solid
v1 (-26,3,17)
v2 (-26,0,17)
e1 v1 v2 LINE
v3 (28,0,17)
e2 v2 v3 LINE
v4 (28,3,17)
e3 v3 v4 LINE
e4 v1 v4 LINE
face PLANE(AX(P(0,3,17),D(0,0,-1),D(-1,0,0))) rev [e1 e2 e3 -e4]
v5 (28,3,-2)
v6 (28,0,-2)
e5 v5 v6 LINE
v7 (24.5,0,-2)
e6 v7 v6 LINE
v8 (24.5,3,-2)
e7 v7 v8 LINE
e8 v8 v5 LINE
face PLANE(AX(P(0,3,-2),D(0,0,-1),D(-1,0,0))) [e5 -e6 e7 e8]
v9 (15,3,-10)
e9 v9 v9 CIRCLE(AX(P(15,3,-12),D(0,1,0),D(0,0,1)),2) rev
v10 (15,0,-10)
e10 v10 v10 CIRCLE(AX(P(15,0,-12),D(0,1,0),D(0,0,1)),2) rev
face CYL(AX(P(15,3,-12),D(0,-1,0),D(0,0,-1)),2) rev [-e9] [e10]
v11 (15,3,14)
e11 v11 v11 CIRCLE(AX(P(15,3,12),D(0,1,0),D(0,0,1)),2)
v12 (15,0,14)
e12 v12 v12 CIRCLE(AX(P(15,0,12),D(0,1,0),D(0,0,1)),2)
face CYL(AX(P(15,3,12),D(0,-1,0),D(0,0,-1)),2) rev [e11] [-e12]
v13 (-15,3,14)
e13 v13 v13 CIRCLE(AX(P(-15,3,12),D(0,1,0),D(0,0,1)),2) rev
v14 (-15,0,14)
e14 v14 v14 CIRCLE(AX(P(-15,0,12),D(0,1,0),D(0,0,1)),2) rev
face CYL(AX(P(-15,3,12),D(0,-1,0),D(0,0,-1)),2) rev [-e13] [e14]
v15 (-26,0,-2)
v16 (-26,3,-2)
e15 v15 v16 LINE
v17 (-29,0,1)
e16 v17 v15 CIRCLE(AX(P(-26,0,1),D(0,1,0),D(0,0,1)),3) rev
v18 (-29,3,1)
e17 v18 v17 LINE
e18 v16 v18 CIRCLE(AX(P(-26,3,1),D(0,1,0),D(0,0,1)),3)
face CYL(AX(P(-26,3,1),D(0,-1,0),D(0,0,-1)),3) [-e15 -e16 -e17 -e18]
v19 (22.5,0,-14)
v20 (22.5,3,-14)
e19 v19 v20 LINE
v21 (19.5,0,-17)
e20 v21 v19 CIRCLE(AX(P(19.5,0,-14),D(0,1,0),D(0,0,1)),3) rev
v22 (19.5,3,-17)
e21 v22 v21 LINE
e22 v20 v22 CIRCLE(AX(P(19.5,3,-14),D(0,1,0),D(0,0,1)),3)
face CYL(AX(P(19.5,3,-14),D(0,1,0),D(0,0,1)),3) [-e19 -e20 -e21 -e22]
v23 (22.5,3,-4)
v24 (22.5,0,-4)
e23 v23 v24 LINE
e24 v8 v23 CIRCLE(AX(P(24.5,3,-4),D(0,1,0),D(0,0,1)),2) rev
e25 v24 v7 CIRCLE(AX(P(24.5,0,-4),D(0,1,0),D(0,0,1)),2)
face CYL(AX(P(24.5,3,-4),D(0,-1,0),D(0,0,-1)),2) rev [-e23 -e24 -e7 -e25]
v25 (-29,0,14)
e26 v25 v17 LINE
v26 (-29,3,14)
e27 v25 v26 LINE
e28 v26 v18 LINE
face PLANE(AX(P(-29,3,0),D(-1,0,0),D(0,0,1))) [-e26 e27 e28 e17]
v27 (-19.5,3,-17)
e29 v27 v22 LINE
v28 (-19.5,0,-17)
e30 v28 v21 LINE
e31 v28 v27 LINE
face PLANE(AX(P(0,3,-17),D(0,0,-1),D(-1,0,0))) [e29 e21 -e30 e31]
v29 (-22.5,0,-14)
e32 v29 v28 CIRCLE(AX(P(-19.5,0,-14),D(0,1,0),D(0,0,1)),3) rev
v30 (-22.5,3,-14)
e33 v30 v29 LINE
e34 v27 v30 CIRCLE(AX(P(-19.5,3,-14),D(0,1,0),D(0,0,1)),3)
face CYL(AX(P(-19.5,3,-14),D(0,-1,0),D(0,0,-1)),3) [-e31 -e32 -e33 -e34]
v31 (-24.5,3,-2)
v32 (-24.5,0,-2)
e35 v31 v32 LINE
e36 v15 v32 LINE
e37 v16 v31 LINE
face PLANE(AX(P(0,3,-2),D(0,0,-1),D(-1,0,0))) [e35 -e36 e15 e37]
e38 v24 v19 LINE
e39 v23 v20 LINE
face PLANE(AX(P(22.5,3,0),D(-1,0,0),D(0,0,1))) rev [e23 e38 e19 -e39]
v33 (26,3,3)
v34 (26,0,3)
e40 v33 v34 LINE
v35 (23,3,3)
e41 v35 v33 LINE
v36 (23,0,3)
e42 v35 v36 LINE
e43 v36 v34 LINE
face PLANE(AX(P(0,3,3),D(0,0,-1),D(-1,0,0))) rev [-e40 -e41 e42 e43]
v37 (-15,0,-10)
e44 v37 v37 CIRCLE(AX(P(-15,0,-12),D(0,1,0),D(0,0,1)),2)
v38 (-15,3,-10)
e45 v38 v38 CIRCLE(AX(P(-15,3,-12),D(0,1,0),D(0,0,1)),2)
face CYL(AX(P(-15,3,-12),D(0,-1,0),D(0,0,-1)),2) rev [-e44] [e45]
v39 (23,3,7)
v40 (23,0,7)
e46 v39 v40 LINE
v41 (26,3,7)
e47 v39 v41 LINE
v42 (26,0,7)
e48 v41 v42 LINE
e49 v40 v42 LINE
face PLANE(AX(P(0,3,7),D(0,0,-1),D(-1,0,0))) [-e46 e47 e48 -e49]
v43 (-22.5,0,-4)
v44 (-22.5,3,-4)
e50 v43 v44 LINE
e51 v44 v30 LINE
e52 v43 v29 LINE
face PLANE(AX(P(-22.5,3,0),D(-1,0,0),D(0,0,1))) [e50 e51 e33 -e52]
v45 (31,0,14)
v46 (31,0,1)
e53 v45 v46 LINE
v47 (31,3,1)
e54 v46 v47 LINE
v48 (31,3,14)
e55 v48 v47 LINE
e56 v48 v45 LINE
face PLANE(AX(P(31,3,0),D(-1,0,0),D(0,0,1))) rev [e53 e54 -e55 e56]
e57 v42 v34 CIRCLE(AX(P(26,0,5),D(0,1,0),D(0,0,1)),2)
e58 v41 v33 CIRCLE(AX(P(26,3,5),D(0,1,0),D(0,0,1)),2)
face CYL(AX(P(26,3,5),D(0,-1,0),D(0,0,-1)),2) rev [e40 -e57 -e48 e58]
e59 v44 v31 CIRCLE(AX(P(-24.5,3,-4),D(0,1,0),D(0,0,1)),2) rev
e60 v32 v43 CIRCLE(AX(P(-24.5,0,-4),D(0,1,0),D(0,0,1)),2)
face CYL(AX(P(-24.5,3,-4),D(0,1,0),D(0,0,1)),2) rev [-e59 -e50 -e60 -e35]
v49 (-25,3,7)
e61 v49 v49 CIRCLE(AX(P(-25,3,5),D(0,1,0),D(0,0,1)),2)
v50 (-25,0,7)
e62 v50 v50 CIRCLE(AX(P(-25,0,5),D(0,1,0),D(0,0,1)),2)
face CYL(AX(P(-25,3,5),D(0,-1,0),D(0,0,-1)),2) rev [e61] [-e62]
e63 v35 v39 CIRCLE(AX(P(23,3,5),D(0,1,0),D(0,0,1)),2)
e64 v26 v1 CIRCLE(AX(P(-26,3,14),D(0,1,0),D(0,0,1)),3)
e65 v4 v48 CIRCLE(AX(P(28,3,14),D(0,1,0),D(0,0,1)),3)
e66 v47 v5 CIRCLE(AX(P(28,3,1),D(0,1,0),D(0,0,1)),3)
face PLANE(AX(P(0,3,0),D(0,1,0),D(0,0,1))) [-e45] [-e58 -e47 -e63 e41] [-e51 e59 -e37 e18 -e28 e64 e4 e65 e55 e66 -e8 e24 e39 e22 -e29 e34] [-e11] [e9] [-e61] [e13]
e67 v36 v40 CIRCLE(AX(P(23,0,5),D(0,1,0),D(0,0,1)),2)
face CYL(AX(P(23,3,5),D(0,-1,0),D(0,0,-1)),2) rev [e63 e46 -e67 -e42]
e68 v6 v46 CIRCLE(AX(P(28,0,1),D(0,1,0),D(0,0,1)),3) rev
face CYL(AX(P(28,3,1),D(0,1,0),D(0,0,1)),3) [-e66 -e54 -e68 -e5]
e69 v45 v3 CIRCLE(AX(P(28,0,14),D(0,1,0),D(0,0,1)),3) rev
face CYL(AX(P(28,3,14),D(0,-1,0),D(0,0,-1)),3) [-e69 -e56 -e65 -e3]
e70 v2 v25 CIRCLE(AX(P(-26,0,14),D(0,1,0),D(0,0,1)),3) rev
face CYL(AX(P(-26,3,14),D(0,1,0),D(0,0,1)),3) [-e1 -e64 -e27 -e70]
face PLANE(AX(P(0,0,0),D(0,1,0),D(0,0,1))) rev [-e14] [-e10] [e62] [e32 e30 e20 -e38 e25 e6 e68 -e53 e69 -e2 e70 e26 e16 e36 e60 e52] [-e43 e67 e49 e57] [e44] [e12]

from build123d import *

# Parameters (mm, degrees)
SKETCH1_R           = 2
SKETCH1_W           = 6.5
SKETCH1_H           = 19
SKETCH1_W_2         = 45
SKETCH1_H_2         = 15
BOSS_EXTRUDE1_DEPTH = 3
FILLET1_R           = 3
FILLET2_R           = 2


with BuildPart() as part:
    # Sketch1 → Boss-Extrude1 (new body)
    with BuildSketch(Plane(origin=(0, 0, 0), x_dir=(1, 0, 0), z_dir=(0, 1, 0))):
        with BuildLine():
            Line((-22.5, 2), (-22.5, -17))
            Line((-22.5, -17), (22.5, -17))
            Line((22.5, -17), (22.5, -6.936491673))
            ThreePointArc((22.5, -6.936491673), (21, -5), (22.5, -3.063508327))
            Line((22.5, -3.063508327), (22.5, 2))
            Line((22.5, 2), (-22.5, 2))
        make_face()
        with Locations((-15, -12)):
            Circle(SKETCH1_R, mode=Mode.SUBTRACT)
        with Locations((15, -12)):
            Circle(SKETCH1_R, mode=Mode.SUBTRACT)
        with Locations((-25.75, -7.5)):
            Rectangle(SKETCH1_W, SKETCH1_H)
        with Locations((-25, -5)):
            Circle(SKETCH1_R, mode=Mode.SUBTRACT)
        with Locations((0, 9.5)):
            Rectangle(SKETCH1_W_2, SKETCH1_H_2)
        with Locations((-15, 12)):
            Circle(SKETCH1_R, mode=Mode.SUBTRACT)
        with Locations((15, 12)):
            Circle(SKETCH1_R, mode=Mode.SUBTRACT)
        with BuildLine():
            Line((22.5, -6.936491673), (22.5, -17))
            Line((22.5, -17), (31, -17))
            Line((31, -17), (31, 2))
            Line((31, 2), (22.5, 2))
            Line((22.5, 2), (22.5, -3.063508327))
            ThreePointArc((22.5, -3.063508327), (22.747991415, -3.015940607), (23, -3))
            Line((23, -3), (26, -3))
            ThreePointArc((26, -3), (28, -5), (26, -7))
            Line((26, -7), (23, -7))
            ThreePointArc((23, -7), (22.747991415, -6.984059393), (22.5, -6.936491673))
        make_face()
    extrude(amount=BOSS_EXTRUDE1_DEPTH)

    # Fillet1
    fillet1_edges = [part.edges().sort_by_distance(p)[0] for p in [
        (31, 1.5, -2),
        (31, 1.5, 17),
        (-29, 1.5, 17),
        (-29, 1.5, -2),
        (-22.5, 1.5, -17),
        (22.5, 1.5, -17),
    ]]
    fillet(fillet1_edges, radius=FILLET1_R)

    # Fillet2
    fillet2_edges = [part.edges().sort_by_distance(p)[0] for p in [
        (-22.5, 1.5, -2),
        (22.5, 1.5, -2),
    ]]
    fillet(fillet2_edges, radius=FILLET2_R)


solid = part.part
